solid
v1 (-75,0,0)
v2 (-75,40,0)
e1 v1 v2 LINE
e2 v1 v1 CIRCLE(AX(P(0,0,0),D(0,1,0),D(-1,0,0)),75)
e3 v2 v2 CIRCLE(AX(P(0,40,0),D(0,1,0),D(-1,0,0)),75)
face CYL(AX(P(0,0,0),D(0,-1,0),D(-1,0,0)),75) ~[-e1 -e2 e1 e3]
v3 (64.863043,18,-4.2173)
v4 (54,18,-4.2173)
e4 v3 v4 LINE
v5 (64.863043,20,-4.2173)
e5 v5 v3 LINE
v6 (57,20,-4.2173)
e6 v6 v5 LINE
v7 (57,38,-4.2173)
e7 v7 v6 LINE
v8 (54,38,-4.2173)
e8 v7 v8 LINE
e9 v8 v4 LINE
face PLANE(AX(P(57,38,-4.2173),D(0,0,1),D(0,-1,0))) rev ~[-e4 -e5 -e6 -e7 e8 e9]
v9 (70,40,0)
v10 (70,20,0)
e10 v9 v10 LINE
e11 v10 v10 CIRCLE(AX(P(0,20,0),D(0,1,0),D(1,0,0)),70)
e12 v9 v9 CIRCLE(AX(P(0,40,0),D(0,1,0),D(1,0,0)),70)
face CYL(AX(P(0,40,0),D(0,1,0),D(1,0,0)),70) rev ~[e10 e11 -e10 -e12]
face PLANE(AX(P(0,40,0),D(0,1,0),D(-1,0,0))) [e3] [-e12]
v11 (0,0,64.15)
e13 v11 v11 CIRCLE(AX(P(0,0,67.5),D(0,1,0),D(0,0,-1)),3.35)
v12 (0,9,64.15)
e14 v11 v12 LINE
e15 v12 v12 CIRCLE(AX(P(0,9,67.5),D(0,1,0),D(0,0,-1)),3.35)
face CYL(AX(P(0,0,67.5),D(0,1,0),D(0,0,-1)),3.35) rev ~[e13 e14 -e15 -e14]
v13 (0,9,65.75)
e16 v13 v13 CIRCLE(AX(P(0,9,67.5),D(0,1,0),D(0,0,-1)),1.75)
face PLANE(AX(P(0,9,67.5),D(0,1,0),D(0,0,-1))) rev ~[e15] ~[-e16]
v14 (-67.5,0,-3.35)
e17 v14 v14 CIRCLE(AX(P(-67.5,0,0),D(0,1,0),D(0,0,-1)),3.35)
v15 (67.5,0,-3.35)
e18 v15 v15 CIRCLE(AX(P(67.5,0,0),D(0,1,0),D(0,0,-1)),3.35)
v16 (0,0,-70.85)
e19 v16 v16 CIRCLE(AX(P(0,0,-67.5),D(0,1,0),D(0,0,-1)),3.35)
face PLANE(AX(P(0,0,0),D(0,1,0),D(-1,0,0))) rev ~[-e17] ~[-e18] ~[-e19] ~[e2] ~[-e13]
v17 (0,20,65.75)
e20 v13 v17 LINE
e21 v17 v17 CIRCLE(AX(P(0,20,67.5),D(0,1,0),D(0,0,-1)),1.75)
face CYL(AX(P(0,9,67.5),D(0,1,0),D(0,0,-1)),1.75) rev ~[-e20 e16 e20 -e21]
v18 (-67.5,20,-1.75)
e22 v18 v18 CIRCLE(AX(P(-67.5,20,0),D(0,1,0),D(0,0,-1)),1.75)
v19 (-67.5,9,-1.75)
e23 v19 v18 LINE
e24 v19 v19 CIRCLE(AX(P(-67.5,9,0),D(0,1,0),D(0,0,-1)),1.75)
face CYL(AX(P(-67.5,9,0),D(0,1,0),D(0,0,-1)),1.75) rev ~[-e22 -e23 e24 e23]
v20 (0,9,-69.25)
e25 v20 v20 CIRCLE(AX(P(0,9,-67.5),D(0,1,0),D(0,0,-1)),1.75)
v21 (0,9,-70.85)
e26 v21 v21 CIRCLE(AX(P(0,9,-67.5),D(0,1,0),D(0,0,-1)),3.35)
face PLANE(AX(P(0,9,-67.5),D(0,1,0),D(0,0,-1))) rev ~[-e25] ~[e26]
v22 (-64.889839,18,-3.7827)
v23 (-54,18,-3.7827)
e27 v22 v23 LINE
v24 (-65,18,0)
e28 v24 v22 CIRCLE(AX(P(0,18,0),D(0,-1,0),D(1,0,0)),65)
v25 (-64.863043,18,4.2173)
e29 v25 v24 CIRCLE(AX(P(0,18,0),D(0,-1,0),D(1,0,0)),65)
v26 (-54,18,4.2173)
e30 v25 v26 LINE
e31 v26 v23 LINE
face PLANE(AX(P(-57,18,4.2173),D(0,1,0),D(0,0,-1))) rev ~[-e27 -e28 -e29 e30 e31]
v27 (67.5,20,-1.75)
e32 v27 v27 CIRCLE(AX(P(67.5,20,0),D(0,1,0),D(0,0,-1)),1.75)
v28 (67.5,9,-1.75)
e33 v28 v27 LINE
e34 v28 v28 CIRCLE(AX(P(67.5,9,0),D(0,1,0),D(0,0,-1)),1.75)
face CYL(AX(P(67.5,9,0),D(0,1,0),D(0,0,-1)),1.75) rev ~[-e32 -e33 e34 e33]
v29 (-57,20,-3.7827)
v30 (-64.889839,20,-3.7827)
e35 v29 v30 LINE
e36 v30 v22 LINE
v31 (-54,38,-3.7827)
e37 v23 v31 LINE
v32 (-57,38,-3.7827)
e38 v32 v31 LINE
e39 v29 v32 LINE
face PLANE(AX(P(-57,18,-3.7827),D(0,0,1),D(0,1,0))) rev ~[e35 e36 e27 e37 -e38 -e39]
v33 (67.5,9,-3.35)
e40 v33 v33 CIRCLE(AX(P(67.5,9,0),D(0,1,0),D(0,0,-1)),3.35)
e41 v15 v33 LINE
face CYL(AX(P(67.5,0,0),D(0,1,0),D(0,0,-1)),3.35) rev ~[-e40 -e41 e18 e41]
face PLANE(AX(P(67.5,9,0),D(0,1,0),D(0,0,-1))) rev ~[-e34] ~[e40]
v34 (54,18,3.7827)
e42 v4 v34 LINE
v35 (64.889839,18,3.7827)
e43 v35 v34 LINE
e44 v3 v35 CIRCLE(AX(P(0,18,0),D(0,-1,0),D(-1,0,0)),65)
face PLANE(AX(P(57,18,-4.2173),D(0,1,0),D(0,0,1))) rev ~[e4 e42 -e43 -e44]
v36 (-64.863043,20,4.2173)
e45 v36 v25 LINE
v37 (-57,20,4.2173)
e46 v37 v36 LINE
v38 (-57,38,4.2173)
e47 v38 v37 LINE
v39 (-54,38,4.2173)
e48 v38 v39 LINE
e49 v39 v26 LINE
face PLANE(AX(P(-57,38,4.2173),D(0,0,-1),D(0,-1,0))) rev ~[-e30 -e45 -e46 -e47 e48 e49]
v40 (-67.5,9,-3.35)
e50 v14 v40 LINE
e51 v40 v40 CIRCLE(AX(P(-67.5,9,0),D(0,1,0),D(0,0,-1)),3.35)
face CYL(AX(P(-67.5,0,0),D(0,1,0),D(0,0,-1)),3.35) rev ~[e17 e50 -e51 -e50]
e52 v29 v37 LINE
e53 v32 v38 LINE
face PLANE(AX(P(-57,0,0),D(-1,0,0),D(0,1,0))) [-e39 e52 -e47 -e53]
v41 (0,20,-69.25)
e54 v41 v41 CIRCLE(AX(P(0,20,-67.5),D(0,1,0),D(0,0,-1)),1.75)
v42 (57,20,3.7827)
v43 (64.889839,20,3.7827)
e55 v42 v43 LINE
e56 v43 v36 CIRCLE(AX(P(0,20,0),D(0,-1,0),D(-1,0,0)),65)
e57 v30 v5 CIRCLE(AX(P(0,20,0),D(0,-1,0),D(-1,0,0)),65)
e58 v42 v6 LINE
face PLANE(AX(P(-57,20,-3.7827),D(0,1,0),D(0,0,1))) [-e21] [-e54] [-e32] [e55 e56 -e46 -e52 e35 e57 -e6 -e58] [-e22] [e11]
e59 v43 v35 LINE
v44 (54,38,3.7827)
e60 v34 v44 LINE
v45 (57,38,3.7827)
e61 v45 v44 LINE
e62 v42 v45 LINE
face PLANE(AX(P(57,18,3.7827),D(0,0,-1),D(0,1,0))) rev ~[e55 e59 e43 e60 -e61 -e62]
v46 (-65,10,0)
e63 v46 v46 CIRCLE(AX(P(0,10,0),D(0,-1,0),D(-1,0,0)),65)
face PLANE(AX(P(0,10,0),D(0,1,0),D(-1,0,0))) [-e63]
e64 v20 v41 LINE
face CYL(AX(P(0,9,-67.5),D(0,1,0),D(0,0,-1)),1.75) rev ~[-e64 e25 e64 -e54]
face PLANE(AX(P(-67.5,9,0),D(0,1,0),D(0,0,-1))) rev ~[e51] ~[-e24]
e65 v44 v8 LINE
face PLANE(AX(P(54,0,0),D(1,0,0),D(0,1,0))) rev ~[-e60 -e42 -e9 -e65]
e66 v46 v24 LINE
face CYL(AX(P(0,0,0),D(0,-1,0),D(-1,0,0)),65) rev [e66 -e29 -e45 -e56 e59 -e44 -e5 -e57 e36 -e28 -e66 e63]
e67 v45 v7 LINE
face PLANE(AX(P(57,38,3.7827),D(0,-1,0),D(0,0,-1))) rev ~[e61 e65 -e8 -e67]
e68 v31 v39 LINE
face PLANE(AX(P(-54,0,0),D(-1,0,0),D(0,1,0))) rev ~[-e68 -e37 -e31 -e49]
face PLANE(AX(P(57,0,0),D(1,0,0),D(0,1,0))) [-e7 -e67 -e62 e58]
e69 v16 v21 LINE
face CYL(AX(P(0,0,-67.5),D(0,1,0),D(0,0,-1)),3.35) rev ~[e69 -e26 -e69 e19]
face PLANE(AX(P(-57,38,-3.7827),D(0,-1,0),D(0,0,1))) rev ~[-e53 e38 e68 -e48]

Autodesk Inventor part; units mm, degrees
ref_plane "XZ Plane" through (0, 0, 0) normal (0, 1, 0) x (-1, 0, 0)
ref_plane "XY Plane" through (0, 0, 0) normal (0, 0, 1) x (1, 0, 0)
sketch "스케치1" plane through (0, 0, 0) normal (0, 1, 0) x (-1, 0, 0)
  circle A0 centre (0, 0) radius 75
  dimension "d0" = 150
extrude "돌출1" add sketch "스케치1" along normal blind 40
shell "쉘1" thickness 10 removed faces 1 at (17.2828, 40, 11.7077)
sketch "스케치6" plane through (0, 40, 0) normal (0, 1, 0) x (1, 0, 0)
  circle A0 centre (0, 0) radius 65
  circle A1 centre (0, 0) radius 70
  dimension "d22" = 130
  dimension "d23" = 140
extrude "돌출5" cut sketch "스케치6" against normal blind 20
sketch "스케치8" plane through (0, 0, 0) normal (0, -1, 0) x (1, 0, 0)
  circle A0 centre (0, 0) radius 67.5
  point P0 (0, -67.5)
  point P1 (67.5, 0)
  point P2 (0, 67.5)
  point P3 (-67.5, 0)
  dimension "d31" = 135
hole "구멍2" at (0, 0, -67.5) at (67.5, 0, 0) at (0, 0, 67.5) at (-67.5, 0, 0) direction (0, 1, 0) diameter 3.5 depth 25 counterbore diameter 6.7 counterbore depth 9
ref_plane "작업 평면1" through (57, 0, 0) normal (1, 0, 0) x (0, 1, 0)
sketch "스케치10" plane through (57, 0, 0) normal (1, 0, 0) x (0, 1, 0)
  line L0 (38, -4.2173) -> (18, -4.2173)
  line L1 (18, -4.2173) -> (18, 3.7827)
  line L2 (18, 3.7827) -> (38, 3.7827)
  line L3 (38, 3.7827) -> (38, -4.2173)
  line L4 (38, -4.2173) -> (18, 3.7827) construction
  line L5 (18, -4.2173) -> (38, 3.7827) construction
  line L6 (10, 65) -> (10, -65) projected
  point P0 (0, 0)
  point P1 (28, -0.2173)
  dimension "d40" = 20
  dimension "d41" = 8
  dimension "d42" = 18
extrude "돌출6" add sketch "스케치10" against normal blind 3
sketch "스케치11" plane through (57, 0, 0) normal (1, 0, 0) x (0, 0, -1)
  line L0 (4.2173, 38) -> (4.2173, 18) projected
  line L1 (4.2173, 18) -> (-3.7827, 18)
  line L2 (-3.7827, 18) -> (-3.7827, 20)
  line L3 (-3.7827, 20) -> (4.2173, 20)
  line L4 (4.2173, 20) -> (4.2173, 18)
  point P0 (0, 0)
  dimension "d45" = 8
  dimension "d46" = 2
extrude "돌출7" add sketch "스케치11" along normal up to next
pattern_circular "원형 패턴1" count 2 over 360 about axis through (0, 0, 0) along (0, 1, 0) of "돌출6", "돌출7"
properties part number "바텀(하)"
